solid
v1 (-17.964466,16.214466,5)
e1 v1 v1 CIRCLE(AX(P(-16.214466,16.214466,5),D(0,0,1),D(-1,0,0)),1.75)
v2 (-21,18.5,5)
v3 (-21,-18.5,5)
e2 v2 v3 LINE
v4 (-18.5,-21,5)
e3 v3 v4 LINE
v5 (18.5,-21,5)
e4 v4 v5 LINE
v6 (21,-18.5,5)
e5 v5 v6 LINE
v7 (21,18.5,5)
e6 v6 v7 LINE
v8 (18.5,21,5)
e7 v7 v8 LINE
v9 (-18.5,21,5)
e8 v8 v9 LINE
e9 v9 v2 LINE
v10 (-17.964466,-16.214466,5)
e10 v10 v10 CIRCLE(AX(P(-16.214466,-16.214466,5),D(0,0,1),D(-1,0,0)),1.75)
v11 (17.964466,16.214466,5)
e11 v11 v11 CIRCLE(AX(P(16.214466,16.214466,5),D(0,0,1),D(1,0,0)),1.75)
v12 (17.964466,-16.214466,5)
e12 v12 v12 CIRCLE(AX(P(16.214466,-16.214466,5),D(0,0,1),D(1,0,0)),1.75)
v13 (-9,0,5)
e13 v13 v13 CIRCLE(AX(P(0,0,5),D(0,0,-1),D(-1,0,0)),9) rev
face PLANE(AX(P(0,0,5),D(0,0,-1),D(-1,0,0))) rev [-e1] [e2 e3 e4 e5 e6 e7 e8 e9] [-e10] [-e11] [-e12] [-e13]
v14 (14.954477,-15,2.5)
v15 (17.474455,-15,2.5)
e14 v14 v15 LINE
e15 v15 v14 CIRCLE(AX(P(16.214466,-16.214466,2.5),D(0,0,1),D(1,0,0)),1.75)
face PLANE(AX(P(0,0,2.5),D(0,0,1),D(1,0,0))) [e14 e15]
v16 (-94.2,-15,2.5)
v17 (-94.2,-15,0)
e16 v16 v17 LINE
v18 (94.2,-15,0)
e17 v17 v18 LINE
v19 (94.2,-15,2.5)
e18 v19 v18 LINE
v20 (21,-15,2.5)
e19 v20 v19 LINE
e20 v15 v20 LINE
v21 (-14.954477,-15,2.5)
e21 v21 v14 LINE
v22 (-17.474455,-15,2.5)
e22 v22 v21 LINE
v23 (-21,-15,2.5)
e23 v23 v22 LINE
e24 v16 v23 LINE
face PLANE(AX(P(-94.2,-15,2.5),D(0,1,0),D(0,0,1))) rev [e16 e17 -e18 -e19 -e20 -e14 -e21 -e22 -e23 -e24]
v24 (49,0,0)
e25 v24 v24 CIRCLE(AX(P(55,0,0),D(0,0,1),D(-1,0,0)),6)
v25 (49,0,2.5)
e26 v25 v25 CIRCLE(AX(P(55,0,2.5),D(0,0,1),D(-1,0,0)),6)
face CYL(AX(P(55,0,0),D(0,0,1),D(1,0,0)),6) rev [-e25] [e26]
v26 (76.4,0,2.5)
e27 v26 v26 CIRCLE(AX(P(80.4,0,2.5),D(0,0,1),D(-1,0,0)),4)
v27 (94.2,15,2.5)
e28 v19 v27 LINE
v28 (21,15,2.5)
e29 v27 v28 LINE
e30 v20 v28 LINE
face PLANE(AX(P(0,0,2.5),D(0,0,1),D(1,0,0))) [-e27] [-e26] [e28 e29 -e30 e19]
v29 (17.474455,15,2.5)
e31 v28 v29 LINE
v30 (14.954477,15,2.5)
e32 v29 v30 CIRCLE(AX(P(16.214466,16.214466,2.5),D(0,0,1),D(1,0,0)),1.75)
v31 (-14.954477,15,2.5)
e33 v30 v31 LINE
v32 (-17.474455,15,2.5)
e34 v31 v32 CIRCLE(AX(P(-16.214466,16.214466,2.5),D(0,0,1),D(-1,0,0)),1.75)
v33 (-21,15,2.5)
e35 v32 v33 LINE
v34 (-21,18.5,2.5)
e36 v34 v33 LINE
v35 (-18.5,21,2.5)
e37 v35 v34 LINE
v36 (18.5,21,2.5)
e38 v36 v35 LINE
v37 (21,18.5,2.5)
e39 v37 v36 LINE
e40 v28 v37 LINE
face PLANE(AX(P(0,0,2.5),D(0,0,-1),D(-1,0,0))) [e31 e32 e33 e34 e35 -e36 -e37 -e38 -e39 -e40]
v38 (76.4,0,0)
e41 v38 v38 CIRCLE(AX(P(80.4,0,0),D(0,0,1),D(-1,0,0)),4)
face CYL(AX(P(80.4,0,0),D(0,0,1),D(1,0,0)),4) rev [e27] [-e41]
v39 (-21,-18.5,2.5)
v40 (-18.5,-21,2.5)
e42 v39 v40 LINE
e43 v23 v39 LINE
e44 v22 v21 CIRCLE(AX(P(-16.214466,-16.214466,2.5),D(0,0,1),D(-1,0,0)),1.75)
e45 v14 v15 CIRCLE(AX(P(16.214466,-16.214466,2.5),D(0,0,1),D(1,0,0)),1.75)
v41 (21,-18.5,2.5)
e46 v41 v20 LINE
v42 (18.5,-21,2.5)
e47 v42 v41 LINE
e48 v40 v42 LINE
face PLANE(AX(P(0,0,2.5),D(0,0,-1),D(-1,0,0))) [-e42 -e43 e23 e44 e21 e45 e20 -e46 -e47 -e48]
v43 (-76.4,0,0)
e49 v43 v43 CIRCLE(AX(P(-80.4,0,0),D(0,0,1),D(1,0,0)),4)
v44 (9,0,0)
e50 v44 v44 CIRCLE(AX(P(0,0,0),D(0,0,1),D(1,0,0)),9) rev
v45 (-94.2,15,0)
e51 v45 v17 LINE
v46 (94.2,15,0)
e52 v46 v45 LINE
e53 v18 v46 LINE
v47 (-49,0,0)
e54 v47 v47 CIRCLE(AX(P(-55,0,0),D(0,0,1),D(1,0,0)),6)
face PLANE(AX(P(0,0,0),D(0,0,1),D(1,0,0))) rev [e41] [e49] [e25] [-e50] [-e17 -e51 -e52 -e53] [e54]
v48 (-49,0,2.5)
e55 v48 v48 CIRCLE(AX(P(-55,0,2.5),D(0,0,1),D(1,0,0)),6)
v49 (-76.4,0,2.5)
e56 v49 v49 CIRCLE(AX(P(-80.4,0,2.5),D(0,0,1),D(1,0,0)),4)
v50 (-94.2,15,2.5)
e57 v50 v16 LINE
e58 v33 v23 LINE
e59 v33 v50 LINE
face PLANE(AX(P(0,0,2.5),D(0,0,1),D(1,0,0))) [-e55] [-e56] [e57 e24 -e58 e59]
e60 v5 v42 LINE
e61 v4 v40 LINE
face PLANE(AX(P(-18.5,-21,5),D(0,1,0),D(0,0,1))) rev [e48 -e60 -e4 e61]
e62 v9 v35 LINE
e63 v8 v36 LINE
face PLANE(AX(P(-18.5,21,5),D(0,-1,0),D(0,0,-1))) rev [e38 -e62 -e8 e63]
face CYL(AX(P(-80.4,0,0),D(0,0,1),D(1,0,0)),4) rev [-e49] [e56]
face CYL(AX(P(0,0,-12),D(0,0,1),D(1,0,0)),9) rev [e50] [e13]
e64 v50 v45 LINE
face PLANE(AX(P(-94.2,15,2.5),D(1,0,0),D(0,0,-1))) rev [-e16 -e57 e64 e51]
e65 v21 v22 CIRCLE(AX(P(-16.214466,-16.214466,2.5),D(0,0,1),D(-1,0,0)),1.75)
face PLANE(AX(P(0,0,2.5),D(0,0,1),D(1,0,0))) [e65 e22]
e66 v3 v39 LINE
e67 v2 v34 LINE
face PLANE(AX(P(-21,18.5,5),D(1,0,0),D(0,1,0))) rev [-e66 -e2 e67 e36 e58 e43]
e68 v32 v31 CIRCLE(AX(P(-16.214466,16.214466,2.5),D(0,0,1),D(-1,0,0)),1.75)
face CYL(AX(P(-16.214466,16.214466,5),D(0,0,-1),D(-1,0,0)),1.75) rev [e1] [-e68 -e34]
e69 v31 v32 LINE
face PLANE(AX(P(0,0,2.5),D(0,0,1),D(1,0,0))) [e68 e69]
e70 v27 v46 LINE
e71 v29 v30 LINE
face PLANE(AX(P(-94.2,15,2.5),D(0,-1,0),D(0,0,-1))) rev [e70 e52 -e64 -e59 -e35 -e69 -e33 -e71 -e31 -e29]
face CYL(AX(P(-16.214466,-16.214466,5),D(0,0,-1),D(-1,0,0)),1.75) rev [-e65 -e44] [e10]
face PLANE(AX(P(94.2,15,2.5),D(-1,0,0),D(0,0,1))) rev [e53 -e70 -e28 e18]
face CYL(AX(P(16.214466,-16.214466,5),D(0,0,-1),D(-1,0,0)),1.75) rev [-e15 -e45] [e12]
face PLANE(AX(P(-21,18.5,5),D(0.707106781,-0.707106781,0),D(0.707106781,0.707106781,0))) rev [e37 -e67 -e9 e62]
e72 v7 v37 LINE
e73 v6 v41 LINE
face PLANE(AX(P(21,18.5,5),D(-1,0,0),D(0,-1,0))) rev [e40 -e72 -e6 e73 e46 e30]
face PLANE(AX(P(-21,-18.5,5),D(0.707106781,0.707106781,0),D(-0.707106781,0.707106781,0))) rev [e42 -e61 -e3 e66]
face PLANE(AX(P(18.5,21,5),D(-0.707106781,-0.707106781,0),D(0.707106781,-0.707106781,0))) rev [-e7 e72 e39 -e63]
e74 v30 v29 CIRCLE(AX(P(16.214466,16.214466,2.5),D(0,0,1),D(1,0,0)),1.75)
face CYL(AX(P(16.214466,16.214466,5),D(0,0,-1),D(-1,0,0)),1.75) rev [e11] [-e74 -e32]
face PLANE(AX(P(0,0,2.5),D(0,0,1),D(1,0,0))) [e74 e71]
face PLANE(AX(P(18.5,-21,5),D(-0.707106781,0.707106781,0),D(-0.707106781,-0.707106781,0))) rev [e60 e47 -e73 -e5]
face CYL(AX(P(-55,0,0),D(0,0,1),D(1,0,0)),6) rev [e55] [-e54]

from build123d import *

# Parameters (mm, degrees)
SKETCH1_W               = 188.4
SKETCH1_H               = 30
BOSS_EXTRUDE1_DEPTH     = 2.5
SKETCH2_R               = 6
SKETCH2_R_2             = 4
CUT_EXTRUDE2_DEPTH      = 96.419547264
SKETCH3_R               = 1.75
BOSS_EXTRUDE4_DEPTH     = 2.5
CUT_EXTRUDE5_DEPTH      = 14.5
CUT_EXTRUDE5_DEPTH_BACK = 14.5
SKETCH5_R               = 9


with BuildPart() as part:
    # Sketch1 → Boss-Extrude1 (new body)
    with BuildSketch(Plane.XY):
        Rectangle(SKETCH1_W, SKETCH1_H)
    extrude(amount=BOSS_EXTRUDE1_DEPTH)

    # Sketch2 → Cut-Extrude2 (cut, through all)
    with BuildSketch(Plane.XY.offset(2.5)):
        with Locations((-55, 0)):
            Circle(SKETCH2_R)
        with Locations(Location((55, 0, 0), (0, 0, 180))):
            Circle(SKETCH2_R)
        Circle(SKETCH2_R)
        with Locations((-80.4, 0)):
            Circle(SKETCH2_R_2)
        with Locations(Location((80.4, 0, 0), (0, 0, 180))):
            Circle(SKETCH2_R_2)
    extrude(amount=-CUT_EXTRUDE2_DEPTH, mode=Mode.SUBTRACT)

    # Sketch3 → Boss-Extrude4 (add)
    with BuildSketch(Plane.XY.offset(2.5)):
        Polygon((-21, 18.5), (-18.5, 21), (18.5, 21), (21, 18.5), (21, -18.5), (18.5, -21), (-18.5, -21), (-21, -18.5), align=None)
        with Locations(Location((16.214466094, 16.214466094, 0), (0, 0, 223.946041773))):
            Circle(SKETCH3_R, mode=Mode.SUBTRACT)
        with Locations(Location((-16.214466094, -16.214466094, 0), (0, 0, 180))):
            Circle(SKETCH3_R, mode=Mode.SUBTRACT)
        with Locations(Location((16.214466094, -16.214466094, 0), (0, 0, 136.053958227))):
            Circle(SKETCH3_R, mode=Mode.SUBTRACT)
        with Locations(Location((-16.214466094, 16.214466094, 0), (0, 0, 180))):
            Circle(SKETCH3_R, mode=Mode.SUBTRACT)
    extrude(amount=BOSS_EXTRUDE4_DEPTH)

    # Sketch5 → Cut-Extrude5 (cut, two sides: drawn at the far end of the back side and taken through both)
    with BuildSketch(Plane(origin=(0, 0, 2.5), x_dir=(-1, 0, 0), z_dir=(0, 0, -1)).offset(-CUT_EXTRUDE5_DEPTH_BACK)):
        with Locations(Location((0, 0, 0), (0, 0, 180))):
            Circle(SKETCH5_R)
    extrude(amount=CUT_EXTRUDE5_DEPTH + CUT_EXTRUDE5_DEPTH_BACK, mode=Mode.SUBTRACT)


solid = part.part
